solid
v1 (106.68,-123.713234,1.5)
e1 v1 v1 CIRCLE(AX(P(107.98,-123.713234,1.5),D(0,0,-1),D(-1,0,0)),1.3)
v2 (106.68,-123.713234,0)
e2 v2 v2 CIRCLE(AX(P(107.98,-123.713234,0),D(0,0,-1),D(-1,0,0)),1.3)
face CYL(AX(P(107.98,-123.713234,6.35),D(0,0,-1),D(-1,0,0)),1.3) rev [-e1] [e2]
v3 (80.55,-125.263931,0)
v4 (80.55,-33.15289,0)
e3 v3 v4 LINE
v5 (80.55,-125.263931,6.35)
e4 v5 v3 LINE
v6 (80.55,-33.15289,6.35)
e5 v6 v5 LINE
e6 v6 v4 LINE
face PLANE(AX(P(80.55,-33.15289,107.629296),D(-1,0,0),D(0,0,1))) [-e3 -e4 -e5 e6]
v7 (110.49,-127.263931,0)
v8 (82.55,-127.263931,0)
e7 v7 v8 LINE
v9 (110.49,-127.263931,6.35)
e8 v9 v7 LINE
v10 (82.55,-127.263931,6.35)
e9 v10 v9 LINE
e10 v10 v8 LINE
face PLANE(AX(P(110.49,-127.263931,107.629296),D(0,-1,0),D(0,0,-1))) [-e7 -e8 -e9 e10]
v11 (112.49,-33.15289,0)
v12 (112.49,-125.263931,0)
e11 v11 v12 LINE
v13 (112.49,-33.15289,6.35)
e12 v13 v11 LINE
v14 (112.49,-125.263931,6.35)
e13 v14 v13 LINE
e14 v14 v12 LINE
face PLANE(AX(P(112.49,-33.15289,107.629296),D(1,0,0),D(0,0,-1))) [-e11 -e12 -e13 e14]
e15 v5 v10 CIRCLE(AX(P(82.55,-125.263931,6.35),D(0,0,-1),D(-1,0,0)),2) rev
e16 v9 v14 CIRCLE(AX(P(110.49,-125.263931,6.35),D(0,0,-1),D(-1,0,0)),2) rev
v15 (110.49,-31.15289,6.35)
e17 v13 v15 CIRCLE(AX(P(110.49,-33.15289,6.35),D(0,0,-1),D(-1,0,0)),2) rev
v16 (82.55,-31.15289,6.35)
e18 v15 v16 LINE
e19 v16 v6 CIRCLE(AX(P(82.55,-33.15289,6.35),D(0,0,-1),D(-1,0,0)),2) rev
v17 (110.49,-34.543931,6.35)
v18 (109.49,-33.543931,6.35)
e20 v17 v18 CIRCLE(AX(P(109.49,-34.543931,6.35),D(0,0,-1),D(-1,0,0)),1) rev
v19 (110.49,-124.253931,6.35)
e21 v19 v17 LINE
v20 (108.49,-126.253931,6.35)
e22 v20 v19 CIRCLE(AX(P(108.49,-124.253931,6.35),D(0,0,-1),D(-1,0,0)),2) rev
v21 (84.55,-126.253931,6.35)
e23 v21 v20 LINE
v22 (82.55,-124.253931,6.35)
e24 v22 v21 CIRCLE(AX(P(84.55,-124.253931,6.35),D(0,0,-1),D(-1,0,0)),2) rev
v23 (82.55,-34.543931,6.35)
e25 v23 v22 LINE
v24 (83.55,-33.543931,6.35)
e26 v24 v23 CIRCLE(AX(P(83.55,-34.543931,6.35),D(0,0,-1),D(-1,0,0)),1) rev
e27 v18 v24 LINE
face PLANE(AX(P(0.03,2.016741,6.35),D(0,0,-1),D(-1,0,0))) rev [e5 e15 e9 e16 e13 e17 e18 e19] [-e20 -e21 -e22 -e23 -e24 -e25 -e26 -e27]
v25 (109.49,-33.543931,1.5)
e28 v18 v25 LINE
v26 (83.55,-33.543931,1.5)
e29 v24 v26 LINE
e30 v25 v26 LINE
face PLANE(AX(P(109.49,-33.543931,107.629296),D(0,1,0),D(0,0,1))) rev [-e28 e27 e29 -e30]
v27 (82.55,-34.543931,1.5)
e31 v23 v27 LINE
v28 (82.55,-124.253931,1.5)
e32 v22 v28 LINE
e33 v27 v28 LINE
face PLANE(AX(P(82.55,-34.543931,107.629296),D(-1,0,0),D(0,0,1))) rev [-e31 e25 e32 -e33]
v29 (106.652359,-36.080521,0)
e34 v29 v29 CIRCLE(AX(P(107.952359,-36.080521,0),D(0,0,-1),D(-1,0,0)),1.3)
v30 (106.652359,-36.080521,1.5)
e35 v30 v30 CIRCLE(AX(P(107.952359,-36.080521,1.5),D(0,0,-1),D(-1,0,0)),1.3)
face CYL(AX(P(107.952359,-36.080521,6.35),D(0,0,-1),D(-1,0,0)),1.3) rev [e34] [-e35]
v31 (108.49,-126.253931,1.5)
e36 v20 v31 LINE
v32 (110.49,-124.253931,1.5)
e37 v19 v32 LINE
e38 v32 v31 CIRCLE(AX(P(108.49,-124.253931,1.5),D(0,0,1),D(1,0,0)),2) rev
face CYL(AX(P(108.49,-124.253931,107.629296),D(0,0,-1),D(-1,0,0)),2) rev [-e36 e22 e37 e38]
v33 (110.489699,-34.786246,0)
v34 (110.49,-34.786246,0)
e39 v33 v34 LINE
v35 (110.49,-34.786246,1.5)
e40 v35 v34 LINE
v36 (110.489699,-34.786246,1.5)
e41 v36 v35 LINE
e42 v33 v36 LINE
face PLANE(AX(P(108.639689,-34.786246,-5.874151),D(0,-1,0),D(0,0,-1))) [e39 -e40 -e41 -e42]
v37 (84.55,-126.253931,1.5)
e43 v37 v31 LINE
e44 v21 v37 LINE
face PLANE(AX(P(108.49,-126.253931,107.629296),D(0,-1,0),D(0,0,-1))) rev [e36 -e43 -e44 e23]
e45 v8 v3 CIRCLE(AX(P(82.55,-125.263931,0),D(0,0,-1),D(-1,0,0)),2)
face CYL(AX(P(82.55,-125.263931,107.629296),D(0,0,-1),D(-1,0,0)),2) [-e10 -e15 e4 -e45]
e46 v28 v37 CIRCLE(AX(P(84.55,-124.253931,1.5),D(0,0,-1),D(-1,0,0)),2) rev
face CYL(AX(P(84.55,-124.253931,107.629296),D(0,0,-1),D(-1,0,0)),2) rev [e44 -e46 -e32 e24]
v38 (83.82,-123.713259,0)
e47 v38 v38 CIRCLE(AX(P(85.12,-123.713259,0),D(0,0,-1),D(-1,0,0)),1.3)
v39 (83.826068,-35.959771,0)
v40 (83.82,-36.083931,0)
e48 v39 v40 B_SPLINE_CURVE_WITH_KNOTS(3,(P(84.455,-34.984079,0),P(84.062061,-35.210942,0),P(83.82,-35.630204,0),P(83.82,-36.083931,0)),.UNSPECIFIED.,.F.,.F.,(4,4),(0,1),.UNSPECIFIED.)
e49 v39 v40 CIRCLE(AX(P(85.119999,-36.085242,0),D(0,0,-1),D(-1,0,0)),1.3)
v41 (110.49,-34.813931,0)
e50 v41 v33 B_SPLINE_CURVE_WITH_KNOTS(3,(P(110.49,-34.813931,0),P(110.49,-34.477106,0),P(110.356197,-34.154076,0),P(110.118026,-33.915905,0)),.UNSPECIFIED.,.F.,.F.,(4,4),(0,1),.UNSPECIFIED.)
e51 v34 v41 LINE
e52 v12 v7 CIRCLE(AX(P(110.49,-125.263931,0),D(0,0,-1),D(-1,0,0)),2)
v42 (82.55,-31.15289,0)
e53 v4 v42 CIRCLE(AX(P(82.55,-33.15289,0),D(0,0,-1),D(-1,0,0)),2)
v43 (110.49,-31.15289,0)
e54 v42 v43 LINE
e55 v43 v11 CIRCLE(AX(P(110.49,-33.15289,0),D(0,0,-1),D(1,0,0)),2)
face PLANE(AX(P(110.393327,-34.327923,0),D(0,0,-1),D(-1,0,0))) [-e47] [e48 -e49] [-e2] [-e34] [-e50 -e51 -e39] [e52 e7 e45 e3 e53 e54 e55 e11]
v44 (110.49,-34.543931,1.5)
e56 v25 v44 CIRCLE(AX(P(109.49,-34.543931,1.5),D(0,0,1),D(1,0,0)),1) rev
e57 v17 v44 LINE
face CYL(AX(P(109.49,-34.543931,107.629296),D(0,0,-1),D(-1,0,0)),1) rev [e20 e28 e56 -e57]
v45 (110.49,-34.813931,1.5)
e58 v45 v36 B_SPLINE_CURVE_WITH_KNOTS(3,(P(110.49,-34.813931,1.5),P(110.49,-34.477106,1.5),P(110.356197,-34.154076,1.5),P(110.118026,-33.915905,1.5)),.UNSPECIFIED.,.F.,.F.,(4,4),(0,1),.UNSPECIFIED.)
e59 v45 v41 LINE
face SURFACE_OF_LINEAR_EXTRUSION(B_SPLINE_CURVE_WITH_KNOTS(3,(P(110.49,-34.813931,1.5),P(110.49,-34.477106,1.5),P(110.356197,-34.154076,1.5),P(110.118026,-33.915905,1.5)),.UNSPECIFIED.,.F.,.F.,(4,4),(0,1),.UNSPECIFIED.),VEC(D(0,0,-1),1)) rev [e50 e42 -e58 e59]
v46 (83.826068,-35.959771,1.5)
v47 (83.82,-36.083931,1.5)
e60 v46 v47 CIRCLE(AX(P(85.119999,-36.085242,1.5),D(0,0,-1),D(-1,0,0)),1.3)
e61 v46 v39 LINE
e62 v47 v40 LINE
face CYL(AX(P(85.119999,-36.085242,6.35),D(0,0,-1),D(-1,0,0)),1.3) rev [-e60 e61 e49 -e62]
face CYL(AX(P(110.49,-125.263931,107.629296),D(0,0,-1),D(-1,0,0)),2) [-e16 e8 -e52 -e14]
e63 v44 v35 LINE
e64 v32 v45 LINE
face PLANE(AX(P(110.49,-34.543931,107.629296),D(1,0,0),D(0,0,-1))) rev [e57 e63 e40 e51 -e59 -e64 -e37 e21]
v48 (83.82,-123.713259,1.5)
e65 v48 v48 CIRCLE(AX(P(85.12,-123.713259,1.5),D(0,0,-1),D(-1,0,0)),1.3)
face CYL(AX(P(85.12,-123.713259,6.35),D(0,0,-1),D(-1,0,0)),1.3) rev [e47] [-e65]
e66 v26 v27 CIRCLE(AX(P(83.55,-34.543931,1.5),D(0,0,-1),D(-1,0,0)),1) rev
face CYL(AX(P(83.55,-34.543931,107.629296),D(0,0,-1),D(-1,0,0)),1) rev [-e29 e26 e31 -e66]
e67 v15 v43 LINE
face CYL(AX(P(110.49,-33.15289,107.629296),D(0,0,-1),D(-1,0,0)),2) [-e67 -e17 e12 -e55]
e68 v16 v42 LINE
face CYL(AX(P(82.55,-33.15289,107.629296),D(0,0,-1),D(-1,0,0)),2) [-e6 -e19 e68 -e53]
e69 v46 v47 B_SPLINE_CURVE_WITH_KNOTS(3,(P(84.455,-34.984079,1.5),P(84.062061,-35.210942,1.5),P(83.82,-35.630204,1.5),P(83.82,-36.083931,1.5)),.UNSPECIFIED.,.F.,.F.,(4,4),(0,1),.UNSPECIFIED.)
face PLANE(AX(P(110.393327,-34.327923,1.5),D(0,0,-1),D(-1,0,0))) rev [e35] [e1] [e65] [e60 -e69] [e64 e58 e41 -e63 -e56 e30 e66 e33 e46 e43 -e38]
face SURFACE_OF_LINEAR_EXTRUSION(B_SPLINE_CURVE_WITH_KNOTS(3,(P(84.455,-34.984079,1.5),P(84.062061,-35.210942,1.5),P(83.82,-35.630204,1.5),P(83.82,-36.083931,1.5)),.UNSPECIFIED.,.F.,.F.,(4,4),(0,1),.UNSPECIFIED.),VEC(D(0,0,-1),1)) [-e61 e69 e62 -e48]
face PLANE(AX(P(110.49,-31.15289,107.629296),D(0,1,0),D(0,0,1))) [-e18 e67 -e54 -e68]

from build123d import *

# Parameters (mm, degrees)
BOSS_EXTRU_1_DEPTH      = 1.5
BOSS_EXTRU_2_DEPTH      = 6.35
ESQUISSE2_W             = 2.048679464
ESQUISSE2_H             = 2.722217918
ESQUISSE2_W_2           = 2.383965353
ESQUISSE2_H_2           = 1.994278708
BOSS_EXTRU_3_DEPTH      = 1.5
ESQUISSE3_R             = 1.3
ENL_V_MAT_EXTRU_1_DEPTH = 170.97185291


with BuildPart() as part:
    # Model → Boss.-Extru.1 (new body)
    with BuildSketch(Plane.XY):
        with BuildLine():
            Line((110.49, -34.813931), (110.49, -38.623931))
            Line((110.49, -38.623931), (110.49, -39.893931))
            Line((110.49, -39.893931), (110.49, -123.713931))
            add(Edge.make_bspline(
                [(109.746051, -125.509982), (110.222394, -125.03364), (110.49, -124.387581), (110.49, -123.713931)],
                knots=[0, 0, 0, 0, 1, 1, 1, 1], degree=3))
            add(Edge.make_bspline(
                [(107.95, -126.253931), (108.62365, -126.253931), (109.269709, -125.986325), (109.746051, -125.509982)],
                knots=[0, 0, 0, 0, 1, 1, 1, 1], degree=3))
            Line((107.95, -126.253931), (85.09, -126.253931))
            add(Edge.make_bspline(
                [(83.293949, -125.509982), (83.770291, -125.986325), (84.41635, -126.253931), (85.09, -126.253931)],
                knots=[0, 0, 0, 0, 1, 1, 1, 1], degree=3))
            add(Edge.make_bspline(
                [(82.55, -123.713931), (82.55, -124.387581), (82.817606, -125.03364), (83.293949, -125.509982)],
                knots=[0, 0, 0, 0, 1, 1, 1, 1], degree=3))
            Line((82.55, -123.713931), (82.55, -39.893931))
            Line((82.55, -39.893931), (82.55, -38.623931))
            Line((82.55, -38.623931), (82.55, -34.813931))
            add(Edge.make_bspline(
                [(82.921974, -33.915905), (82.683803, -34.154076), (82.55, -34.477106), (82.55, -34.813931)],
                knots=[0, 0, 0, 0, 1, 1, 1, 1], degree=3))
            add(Edge.make_bspline(
                [(83.82, -33.543931), (83.483175, -33.543931), (83.160146, -33.677734), (82.921974, -33.915905)],
                knots=[0, 0, 0, 0, 1, 1, 1, 1], degree=3))
            Line((83.82, -33.543931), (109.22, -33.543931))
            add(Edge.make_bspline(
                [(110.118026, -33.915905), (109.879854, -33.677734), (109.556825, -33.543931), (109.22, -33.543931)],
                knots=[0, 0, 0, 0, 1, 1, 1, 1], degree=3))
            add(Edge.make_bspline(
                [(110.49, -34.813931), (110.49, -34.477106), (110.356197, -34.154076), (110.118026, -33.915905)],
                knots=[0, 0, 0, 0, 1, 1, 1, 1], degree=3))
        make_face()
        with BuildLine():
            add(Edge.make_bspline(
                [(109.22, -36.083931), (109.22, -36.537658), (108.977939, -36.956919), (108.585, -37.183783)],
                knots=[0, 0, 0, 0, 1, 1, 1, 1], degree=3))
            add(Edge.make_bspline(
                [(108.585, -37.183783), (108.192061, -37.410647), (107.707939, -37.410647), (107.315, -37.183783)],
                knots=[0, 0, 0, 0, 1, 1, 1, 1], degree=3))
            add(Edge.make_bspline(
                [(107.315, -37.183783), (106.922061, -36.956919), (106.68, -36.537658), (106.68, -36.083931)],
                knots=[0, 0, 0, 0, 1, 1, 1, 1], degree=3))
            add(Edge.make_bspline(
                [(106.68, -36.083931), (106.68, -35.630204), (106.922061, -35.210942), (107.315, -34.984079)],
                knots=[0, 0, 0, 0, 1, 1, 1, 1], degree=3))
            add(Edge.make_bspline(
                [(107.315, -34.984079), (107.707939, -34.757215), (108.192061, -34.757215), (108.585, -34.984079)],
                knots=[0, 0, 0, 0, 1, 1, 1, 1], degree=3))
            add(Edge.make_bspline(
                [(108.585, -34.984079), (108.977939, -35.210942), (109.22, -35.630204), (109.22, -36.083931)],
                knots=[0, 0, 0, 0, 1, 1, 1, 1], degree=3))
        make_face(mode=Mode.SUBTRACT)
        with BuildLine():
            add(Edge.make_bspline(
                [(86.36, -36.083931), (86.36, -36.537658), (86.117939, -36.956919), (85.725, -37.183783)],
                knots=[0, 0, 0, 0, 1, 1, 1, 1], degree=3))
            add(Edge.make_bspline(
                [(85.725, -37.183783), (85.332061, -37.410647), (84.847939, -37.410647), (84.455, -37.183783)],
                knots=[0, 0, 0, 0, 1, 1, 1, 1], degree=3))
            add(Edge.make_bspline(
                [(84.455, -37.183783), (84.062061, -36.956919), (83.82, -36.537658), (83.82, -36.083931)],
                knots=[0, 0, 0, 0, 1, 1, 1, 1], degree=3))
            add(Edge.make_bspline(
                [(83.82, -36.083931), (83.82, -35.630204), (84.062061, -35.210942), (84.455, -34.984079)],
                knots=[0, 0, 0, 0, 1, 1, 1, 1], degree=3))
            add(Edge.make_bspline(
                [(84.455, -34.984079), (84.847939, -34.757215), (85.332061, -34.757215), (85.725, -34.984079)],
                knots=[0, 0, 0, 0, 1, 1, 1, 1], degree=3))
            add(Edge.make_bspline(
                [(85.725, -34.984079), (86.117939, -35.210942), (86.36, -35.630204), (86.36, -36.083931)],
                knots=[0, 0, 0, 0, 1, 1, 1, 1], degree=3))
        make_face(mode=Mode.SUBTRACT)
        with BuildLine():
            add(Edge.make_bspline(
                [(86.36, -123.713931), (86.36, -124.167658), (86.117939, -124.586919), (85.725, -124.813783)],
                knots=[0, 0, 0, 0, 1, 1, 1, 1], degree=3))
            add(Edge.make_bspline(
                [(85.725, -124.813783), (85.332061, -125.040647), (84.847939, -125.040647), (84.455, -124.813783)],
                knots=[0, 0, 0, 0, 1, 1, 1, 1], degree=3))
            add(Edge.make_bspline(
                [(84.455, -124.813783), (84.062061, -124.586919), (83.82, -124.167658), (83.82, -123.713931)],
                knots=[0, 0, 0, 0, 1, 1, 1, 1], degree=3))
            add(Edge.make_bspline(
                [(83.82, -123.713931), (83.82, -123.260204), (84.062061, -122.840942), (84.455, -122.614079)],
                knots=[0, 0, 0, 0, 1, 1, 1, 1], degree=3))
            add(Edge.make_bspline(
                [(84.455, -122.614079), (84.847939, -122.387215), (85.332061, -122.387215), (85.725, -122.614079)],
                knots=[0, 0, 0, 0, 1, 1, 1, 1], degree=3))
            add(Edge.make_bspline(
                [(85.725, -122.614079), (86.117939, -122.840942), (86.36, -123.260204), (86.36, -123.713931)],
                knots=[0, 0, 0, 0, 1, 1, 1, 1], degree=3))
        make_face(mode=Mode.SUBTRACT)
        with BuildLine():
            add(Edge.make_bspline(
                [(109.22, -123.713931), (109.22, -124.167658), (108.977939, -124.586919), (108.585, -124.813783)],
                knots=[0, 0, 0, 0, 1, 1, 1, 1], degree=3))
            add(Edge.make_bspline(
                [(108.585, -124.813783), (108.192061, -125.040647), (107.707939, -125.040647), (107.315, -124.813783)],
                knots=[0, 0, 0, 0, 1, 1, 1, 1], degree=3))
            add(Edge.make_bspline(
                [(107.315, -124.813783), (106.922061, -124.586919), (106.68, -124.167658), (106.68, -123.713931)],
                knots=[0, 0, 0, 0, 1, 1, 1, 1], degree=3))
            add(Edge.make_bspline(
                [(106.68, -123.713931), (106.68, -123.260204), (106.922061, -122.840942), (107.315, -122.614079)],
                knots=[0, 0, 0, 0, 1, 1, 1, 1], degree=3))
            add(Edge.make_bspline(
                [(107.315, -122.614079), (107.707939, -122.387215), (108.192061, -122.387215), (108.585, -122.614079)],
                knots=[0, 0, 0, 0, 1, 1, 1, 1], degree=3))
            add(Edge.make_bspline(
                [(108.585, -122.614079), (108.977939, -122.840942), (109.22, -123.260204), (109.22, -123.713931)],
                knots=[0, 0, 0, 0, 1, 1, 1, 1], degree=3))
        make_face(mode=Mode.SUBTRACT)
    extrude(amount=BOSS_EXTRU_1_DEPTH)

    # Esquisse1 → Boss.-Extru.2 (add)
    with BuildSketch(Plane(origin=(0, 0, 0), x_dir=(-1, 0, 0), z_dir=(0, 0, -1))):
        with BuildLine():
            Line((-110.49, -31.152890146), (-82.55, -31.152890146))
            ThreePointArc((-82.55, -31.152890146), (-81.135786438, -31.738676584), (-80.55, -33.152890146))
            Line((-80.55, -33.152890146), (-80.55, -125.263931))
            ThreePointArc((-80.55, -125.263931), (-81.135786438, -126.678144562), (-82.55, -127.263931))
            Line((-82.55, -127.263931), (-110.49, -127.263931))
            ThreePointArc((-110.49, -127.263931), (-111.904213562, -126.678144562), (-112.49, -125.263931))
            Line((-112.49, -125.263931), (-112.49, -33.152890146))
            ThreePointArc((-112.49, -33.152890146), (-111.904213562, -31.738676584), (-110.49, -31.152890146))
        make_face()
        with BuildLine():
            Line((-109.49, -33.543931), (-83.55, -33.543931))
            ThreePointArc((-83.55, -33.543931), (-82.842893219, -33.836824219), (-82.55, -34.543931))
            Line((-82.55, -34.543931), (-82.55, -124.253931))
            ThreePointArc((-82.55, -124.253931), (-83.135786438, -125.668144562), (-84.55, -126.253931))
            Line((-84.55, -126.253931), (-108.49, -126.253931))
            ThreePointArc((-108.49, -126.253931), (-109.904213562, -125.668144562), (-110.49, -124.253931))
            Line((-110.49, -124.253931), (-110.49, -34.543931))
            ThreePointArc((-110.49, -34.543931), (-110.197106781, -33.836824219), (-109.49, -33.543931))
        make_face(mode=Mode.SUBTRACT)
    extrude(amount=-BOSS_EXTRU_2_DEPTH)

    # Esquisse2 → Boss.-Extru.3 (add)
    with BuildSketch(Plane.XY.offset(1.5)):
        Polygon((82.862908546, -122.803540967), (81.718920114, -124.049976123), (82.862908546, -126.448936938), (85.492374492, -126.781888794), (85.441151129, -125.817182132), (83.793466299, -125.023220012), (83.059264769, -123.828008219), align=None)
        with Locations((82.84166356, -34.077464167)):
            Rectangle(ESQUISSE2_W, ESQUISSE2_H)
        with Locations((109.83167143, -33.789106507)):
            Rectangle(ESQUISSE2_W_2, ESQUISSE2_H_2)
        Polygon((111.079756548, -122.69864172), (110.01722417, -123.503842038), (109.201933768, -125.195788786), (107.319834078, -125.55652456), (107.178740755, -126.670800036), (110.27455623, -126.615412866), (111.506281277, -125.468783374), align=None)
    extrude(amount=-BOSS_EXTRU_3_DEPTH)

    # Esquisse3 → Enlèv. mat.-Extru.1 (cut, through all)
    with BuildSketch(Plane(origin=(0, 0, 0), x_dir=(-1, 0, 0), z_dir=(0, 0, -1))):
        with Locations((-107.952359108, -36.080520753)):
            Circle(ESQUISSE3_R)
        with Locations((-85.119999339, -36.08524195)):
            Circle(ESQUISSE3_R)
        with Locations((-107.979999813, -123.71323395)):
            Circle(ESQUISSE3_R)
        with Locations((-85.119999826, -123.713259066)):
            Circle(ESQUISSE3_R)
    extrude(amount=-ENL_V_MAT_EXTRU_1_DEPTH, mode=Mode.SUBTRACT)


solid = part.part
